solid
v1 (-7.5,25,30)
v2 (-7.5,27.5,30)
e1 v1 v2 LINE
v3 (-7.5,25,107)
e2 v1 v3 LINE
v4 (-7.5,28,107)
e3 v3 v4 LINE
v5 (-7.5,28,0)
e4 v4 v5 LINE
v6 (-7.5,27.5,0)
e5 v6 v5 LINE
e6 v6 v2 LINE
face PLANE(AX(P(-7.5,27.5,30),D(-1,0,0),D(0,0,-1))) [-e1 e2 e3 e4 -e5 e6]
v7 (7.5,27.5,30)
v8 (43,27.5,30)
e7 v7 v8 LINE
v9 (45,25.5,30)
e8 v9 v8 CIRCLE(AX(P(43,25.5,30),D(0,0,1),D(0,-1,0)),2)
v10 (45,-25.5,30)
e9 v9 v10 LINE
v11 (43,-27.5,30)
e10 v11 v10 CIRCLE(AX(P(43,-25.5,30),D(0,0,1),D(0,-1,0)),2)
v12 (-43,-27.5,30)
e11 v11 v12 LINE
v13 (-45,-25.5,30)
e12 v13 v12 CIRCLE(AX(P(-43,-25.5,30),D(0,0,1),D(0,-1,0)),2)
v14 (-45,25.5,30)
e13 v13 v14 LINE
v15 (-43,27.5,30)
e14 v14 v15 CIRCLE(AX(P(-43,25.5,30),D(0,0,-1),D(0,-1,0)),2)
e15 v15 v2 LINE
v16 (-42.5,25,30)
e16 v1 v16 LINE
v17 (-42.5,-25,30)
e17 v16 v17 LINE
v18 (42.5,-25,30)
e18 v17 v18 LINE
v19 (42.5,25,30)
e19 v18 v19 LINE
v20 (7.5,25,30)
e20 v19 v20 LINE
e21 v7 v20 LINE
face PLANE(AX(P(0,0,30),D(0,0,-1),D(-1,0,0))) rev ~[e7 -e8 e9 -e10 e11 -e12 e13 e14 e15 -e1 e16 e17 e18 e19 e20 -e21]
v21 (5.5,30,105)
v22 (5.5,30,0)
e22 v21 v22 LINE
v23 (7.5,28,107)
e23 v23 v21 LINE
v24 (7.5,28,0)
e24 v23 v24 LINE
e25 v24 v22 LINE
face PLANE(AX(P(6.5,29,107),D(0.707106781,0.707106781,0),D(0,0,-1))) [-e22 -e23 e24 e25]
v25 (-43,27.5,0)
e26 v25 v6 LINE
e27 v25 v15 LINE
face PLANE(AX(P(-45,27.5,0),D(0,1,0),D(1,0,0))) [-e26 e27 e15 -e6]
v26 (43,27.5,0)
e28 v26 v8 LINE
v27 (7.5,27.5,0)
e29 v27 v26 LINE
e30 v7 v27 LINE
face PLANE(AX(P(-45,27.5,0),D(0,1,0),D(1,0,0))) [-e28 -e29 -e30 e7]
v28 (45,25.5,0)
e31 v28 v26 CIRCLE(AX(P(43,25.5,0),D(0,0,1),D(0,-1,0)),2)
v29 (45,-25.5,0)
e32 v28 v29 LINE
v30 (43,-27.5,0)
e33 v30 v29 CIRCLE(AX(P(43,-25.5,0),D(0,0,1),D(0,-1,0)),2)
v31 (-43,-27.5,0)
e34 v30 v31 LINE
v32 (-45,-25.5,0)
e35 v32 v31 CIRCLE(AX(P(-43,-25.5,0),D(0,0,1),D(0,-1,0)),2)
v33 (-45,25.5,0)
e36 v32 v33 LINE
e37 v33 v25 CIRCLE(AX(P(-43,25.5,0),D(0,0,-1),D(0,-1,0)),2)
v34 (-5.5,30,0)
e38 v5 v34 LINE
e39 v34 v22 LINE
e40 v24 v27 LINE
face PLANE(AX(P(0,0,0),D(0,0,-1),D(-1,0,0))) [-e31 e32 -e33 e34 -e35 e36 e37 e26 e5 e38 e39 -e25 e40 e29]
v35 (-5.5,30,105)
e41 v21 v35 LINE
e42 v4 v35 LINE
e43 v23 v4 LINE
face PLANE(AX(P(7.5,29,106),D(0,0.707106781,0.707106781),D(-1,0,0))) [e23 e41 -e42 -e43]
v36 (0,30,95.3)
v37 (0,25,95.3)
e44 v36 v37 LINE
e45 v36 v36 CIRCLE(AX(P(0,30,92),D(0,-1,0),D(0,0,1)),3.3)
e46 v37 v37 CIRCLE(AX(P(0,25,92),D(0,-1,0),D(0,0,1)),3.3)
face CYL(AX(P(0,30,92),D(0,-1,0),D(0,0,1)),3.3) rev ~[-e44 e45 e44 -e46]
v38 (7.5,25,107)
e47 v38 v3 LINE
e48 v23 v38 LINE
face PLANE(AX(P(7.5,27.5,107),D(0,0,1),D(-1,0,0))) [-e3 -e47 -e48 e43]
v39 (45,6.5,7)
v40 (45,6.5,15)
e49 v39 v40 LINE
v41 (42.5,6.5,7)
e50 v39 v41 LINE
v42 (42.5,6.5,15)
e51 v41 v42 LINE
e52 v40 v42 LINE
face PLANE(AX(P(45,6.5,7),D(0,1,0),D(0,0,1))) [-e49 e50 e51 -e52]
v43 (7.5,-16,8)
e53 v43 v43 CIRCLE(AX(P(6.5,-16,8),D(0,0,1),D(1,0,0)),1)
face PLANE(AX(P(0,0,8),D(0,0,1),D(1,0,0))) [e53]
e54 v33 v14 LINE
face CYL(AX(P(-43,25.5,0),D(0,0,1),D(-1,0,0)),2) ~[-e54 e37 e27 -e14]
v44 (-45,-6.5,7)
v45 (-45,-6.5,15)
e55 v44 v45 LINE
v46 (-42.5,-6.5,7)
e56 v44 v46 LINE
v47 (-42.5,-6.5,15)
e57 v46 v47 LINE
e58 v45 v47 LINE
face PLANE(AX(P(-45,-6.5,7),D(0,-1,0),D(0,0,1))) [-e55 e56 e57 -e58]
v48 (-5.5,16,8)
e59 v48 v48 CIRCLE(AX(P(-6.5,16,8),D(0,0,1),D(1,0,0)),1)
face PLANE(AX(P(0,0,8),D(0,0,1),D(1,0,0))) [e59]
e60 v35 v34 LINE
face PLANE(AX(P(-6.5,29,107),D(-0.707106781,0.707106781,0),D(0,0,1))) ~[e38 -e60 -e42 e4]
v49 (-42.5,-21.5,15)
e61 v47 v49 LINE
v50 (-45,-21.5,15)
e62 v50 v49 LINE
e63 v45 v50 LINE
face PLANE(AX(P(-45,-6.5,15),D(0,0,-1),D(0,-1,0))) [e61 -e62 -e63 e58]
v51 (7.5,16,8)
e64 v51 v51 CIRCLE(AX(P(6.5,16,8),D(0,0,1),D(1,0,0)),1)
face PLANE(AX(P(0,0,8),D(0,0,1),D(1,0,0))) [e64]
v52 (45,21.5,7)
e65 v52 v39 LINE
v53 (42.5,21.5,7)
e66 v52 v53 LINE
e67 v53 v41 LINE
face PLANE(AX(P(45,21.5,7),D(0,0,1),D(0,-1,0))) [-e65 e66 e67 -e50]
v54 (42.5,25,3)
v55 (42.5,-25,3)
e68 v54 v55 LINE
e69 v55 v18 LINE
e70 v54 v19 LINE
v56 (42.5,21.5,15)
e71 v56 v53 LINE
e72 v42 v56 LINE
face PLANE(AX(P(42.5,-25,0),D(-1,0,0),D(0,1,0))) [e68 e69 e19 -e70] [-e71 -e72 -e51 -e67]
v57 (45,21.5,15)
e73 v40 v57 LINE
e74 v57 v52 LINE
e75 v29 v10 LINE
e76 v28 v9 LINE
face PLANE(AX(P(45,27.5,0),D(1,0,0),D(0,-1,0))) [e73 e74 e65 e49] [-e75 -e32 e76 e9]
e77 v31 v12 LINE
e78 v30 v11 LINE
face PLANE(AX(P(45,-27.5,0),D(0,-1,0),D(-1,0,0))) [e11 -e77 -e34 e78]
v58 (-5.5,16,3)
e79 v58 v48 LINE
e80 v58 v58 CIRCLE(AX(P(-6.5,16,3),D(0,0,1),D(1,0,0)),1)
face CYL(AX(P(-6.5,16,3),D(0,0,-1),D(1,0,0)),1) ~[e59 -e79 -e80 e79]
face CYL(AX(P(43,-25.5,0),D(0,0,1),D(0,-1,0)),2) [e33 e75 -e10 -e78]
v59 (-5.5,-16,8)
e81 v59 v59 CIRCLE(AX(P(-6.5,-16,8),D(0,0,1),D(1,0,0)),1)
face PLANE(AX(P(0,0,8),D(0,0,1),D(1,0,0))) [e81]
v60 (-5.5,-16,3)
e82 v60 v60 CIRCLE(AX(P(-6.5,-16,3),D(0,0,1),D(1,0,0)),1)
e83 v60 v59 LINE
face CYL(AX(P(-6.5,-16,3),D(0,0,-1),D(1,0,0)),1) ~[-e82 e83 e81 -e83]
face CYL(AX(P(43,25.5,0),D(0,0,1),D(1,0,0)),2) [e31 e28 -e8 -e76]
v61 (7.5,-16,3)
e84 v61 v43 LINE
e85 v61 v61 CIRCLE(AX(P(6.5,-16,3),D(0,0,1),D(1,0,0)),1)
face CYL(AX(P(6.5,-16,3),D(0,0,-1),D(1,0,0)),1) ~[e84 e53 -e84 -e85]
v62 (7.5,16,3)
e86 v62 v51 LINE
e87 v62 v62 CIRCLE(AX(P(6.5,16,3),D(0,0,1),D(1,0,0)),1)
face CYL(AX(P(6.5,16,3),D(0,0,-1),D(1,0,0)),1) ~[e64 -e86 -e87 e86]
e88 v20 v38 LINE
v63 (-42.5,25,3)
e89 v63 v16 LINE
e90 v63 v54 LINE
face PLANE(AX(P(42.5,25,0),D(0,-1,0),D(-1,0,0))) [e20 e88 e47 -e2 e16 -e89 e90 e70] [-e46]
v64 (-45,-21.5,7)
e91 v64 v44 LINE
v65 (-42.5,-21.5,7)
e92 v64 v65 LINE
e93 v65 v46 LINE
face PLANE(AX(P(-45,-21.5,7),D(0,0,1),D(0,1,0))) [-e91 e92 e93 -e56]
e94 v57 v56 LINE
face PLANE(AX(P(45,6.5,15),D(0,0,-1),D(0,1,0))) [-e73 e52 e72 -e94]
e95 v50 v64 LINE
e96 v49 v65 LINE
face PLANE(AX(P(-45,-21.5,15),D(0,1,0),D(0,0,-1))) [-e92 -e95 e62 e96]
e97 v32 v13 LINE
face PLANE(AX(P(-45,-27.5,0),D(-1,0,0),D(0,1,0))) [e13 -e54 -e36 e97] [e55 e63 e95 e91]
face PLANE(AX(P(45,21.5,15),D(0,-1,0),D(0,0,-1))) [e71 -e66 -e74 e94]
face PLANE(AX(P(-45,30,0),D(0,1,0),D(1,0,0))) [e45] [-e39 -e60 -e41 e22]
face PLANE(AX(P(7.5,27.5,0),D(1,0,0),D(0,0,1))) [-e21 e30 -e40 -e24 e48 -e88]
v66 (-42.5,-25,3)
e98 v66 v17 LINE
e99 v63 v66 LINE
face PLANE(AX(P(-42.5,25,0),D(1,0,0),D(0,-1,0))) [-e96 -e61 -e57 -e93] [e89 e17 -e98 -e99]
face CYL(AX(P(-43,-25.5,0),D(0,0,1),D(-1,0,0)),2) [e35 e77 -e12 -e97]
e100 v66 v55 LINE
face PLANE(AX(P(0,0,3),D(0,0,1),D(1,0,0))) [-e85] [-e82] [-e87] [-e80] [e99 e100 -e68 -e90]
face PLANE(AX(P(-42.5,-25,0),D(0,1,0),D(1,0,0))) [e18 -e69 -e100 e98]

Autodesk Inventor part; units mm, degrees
ref_plane "YZ Plane" through (0, 0, 0) normal (1, 0, 0) x (0, 1, 0)
ref_plane "XZ Plane" through (0, 0, 0) normal (0, 1, 0) x (-1, 0, 0)
ref_plane "XY Plane" through (0, 0, 0) normal (0, 0, 1) x (1, 0, 0)
sketch "Náčrt1" plane through (0, 0, 0) normal (0, 0, 1) x (1, 0, 0)
  line L0 (0, 35) -> (0, -35) projected
  line L1 (-59.5, 0) -> (59.5, 0) projected
  line L2 (42.5, -25) -> (-42.5, -25)
  line L3 (-42.5, -25) -> (-42.5, 25)
  line L4 (-42.5, 25) -> (42.5, 25)
  line L5 (42.5, 25) -> (42.5, -25)
  point P0 (0, 0)
  dimension "d1" = 85
  dimension "d2" = 50
extrude "Vysunutí1" add sketch "Náčrt1" along normal blind 3
sketch "Náčrt2" plane through (0, 0, 0) normal (0, 0, -1) x (-1, 0, 0)
  line L0 (-42.5, 25) -> (42.5, 25) projected
  line L1 (-42.5, -25) -> (-42.5, 25) projected
  line L2 (42.5, -25) -> (-42.5, -25) projected
  line L3 (42.5, 25) -> (42.5, -25) projected
  line L4 (45, 27.5) -> (-45, 27.5)
  line L5 (-45, 27.5) -> (-45, -27.5)
  line L6 (-45, -27.5) -> (45, -27.5)
  line L7 (45, -27.5) -> (45, 27.5)
  line L8 (-42.5, 25) -> (42.5, 25)
  line L9 (42.5, 25) -> (42.5, -25)
  line L10 (42.5, -25) -> (-42.5, -25)
  line L11 (-42.5, -25) -> (-42.5, 25)
  point P0 (0, 0)
  dimension "d5" = 2.5
extrude "Vysunutí2" add sketch "Náčrt2" against normal blind 30
sketch "Náčrt3" plane through (0, 0, 3) normal (0, 0, 1) x (1, 0, 0)
  line L0 (42.5, 25) -> (-42.5, 25) projected
  line L1 (-42.5, 25) -> (-42.5, -25) projected
  line L2 (-42.5, -25) -> (42.5, -25) projected
  line L3 (42.5, -25) -> (42.5, 25) projected
  line L4 (0, 35) -> (0, -35) projected
  line L5 (-63, 0) -> (63, 0) projected
  line L6 (2.5, 21.5) -> (37.5, 21.5) construction
  line L7 (37.5, 21.5) -> (37.5, -21.5) construction
  line L8 (37.5, -21.5) -> (2.5, -21.5) construction
  line L9 (2.5, -21.5) -> (2.5, 21.5) construction
  line L10 (-2.5, 21.5) -> (-37.5, 21.5) construction
  line L11 (-37.5, 21.5) -> (-37.5, -21.5) construction
  line L12 (-37.5, -21.5) -> (-2.5, -21.5) construction
  line L13 (-2.5, -21.5) -> (-2.5, 21.5) construction
  circle A0 centre (6.5, 16) radius 1
  circle A1 centre (6.5, -16) radius 1
  circle A2 centre (-6.5, 16) radius 1
  circle A3 centre (-6.5, -16) radius 1
  point P0 (0, 0)
  point P1 (9, -16)
  dimension "d8" = 35
  dimension "d9" = 43
  dimension "d10" = 3.5
  dimension "d11" = 5
  dimension "d15" = 2
  dimension "d16" = 36
  dimension "d17" = 16
extrude "Vysunutí3" add sketch "Náčrt3" along normal blind 5 contours A0 | A1 | A2 | A3
sketch "Náčrt4" plane through (45, -27.5, 0) normal (1, 0, 0) x (0, 0, -1)
  line L0 (-3, 2.5) -> (-3, 52.5) projected
  line L1 (0, 55) -> (0, 0) projected
  line L2 (0, 55) -> (-30, 55) projected
  line L3 (-30, 0) -> (-30, 55) projected
  line L4 (0, 0) -> (-30, 0) projected
  line L5 (-36, 27.5) -> (6, 27.5) projected
  line L6 (0, -11) -> (0, 66) projected
  line L7 (-7, 34) -> (-15, 34)
  line L8 (-15, 34) -> (-15, 49)
  line L9 (-15, 49) -> (-7, 49)
  line L10 (-7, 49) -> (-7, 34)
  point P0 (0, 27.5)
  point P1 (-3, 34)
  point P2 (-3, 49)
  dimension "d20" = 8
  dimension "d21" = 15
  dimension "d22" = 6
  dimension "d24" = 7
extrude "Vysunutí4" cut sketch "Náčrt4" against normal up to surface (2.5 mm away) contours L7 L8 L9 L10
pattern_circular "Kruhové pole1" count 2 over 360 about axis through (0, 0, -10) along (0, 0, 1) of "Vysunutí4"
sketch "Náčrt5" plane through (-45, 27.5, 0) normal (0, 1, 0) x (1, 0, 0)
  line L0 (0, 0) -> (90, 0) projected
  line L1 (0, 0) -> (0, -30) projected
  line L2 (90, -30) -> (0, -30) projected
  line L3 (90, 0) -> (90, -30) projected
  line L4 (-18, 0) -> (108, 0) projected
  line L5 (45, 6) -> (45, -36) projected
  line L6 (37.5, -30) -> (52.5, -30)
  line L7 (52.5, -30) -> (52.5, -107)
  line L8 (52.5, -107) -> (37.5, -107)
  line L9 (37.5, -107) -> (37.5, -30)
  line L10 (0, 0) -> (90, 0) projected
  line L11 (52.5, -30) -> (37.5, -30)
  line L12 (37.5, -30) -> (37.5, 0)
  line L13 (37.5, 0) -> (52.5, 0)
  line L14 (52.5, 0) -> (52.5, -30)
  point P0 (45, 0)
  dimension "d31" = 77
  dimension "d32" = 15
  dimension "d33" = 15
extrude "Vysunutí5" add sketch "Náčrt5" along normal mid plane 5 contours L0 L5 L2 L12 | L0 L14 L2 L5 | L2 L7 L8 L9
fillet "Zaoblení1" radius 2 4 edges at (-45, 27.5, 15) (-45, -27.5, 15) (45, -27.5, 15) (45, 27.5, 15)
sketch "Náčrt6" plane through (-45, 30, 0) normal (0, 1, 0) x (1, 0, 0)
  line L0 (37.5, -107) -> (52.5, -107) projected
  line L1 (52.5, -107) -> (52.5, 0) projected
  line L2 (52.5, 0) -> (37.5, 0) projected
  line L3 (37.5, 0) -> (37.5, -107) projected
  point P0 (45, 0)
  point P1 (45, -92)
  point P2 (45, -107)
  dimension "d37" = 7.5
  dimension "d38" = 15
hole "Díra1" at (0, 30, 92) direction (0, -1, 0) diameter 6.6 end through all
chamfer "Zkosení1" distance 2 angle 45 3 edges at (7.5, 30, 53.5) (-7.5, 30, 53.5) (0, 30, 107)
properties part number "adapter_box_3D tisk"
